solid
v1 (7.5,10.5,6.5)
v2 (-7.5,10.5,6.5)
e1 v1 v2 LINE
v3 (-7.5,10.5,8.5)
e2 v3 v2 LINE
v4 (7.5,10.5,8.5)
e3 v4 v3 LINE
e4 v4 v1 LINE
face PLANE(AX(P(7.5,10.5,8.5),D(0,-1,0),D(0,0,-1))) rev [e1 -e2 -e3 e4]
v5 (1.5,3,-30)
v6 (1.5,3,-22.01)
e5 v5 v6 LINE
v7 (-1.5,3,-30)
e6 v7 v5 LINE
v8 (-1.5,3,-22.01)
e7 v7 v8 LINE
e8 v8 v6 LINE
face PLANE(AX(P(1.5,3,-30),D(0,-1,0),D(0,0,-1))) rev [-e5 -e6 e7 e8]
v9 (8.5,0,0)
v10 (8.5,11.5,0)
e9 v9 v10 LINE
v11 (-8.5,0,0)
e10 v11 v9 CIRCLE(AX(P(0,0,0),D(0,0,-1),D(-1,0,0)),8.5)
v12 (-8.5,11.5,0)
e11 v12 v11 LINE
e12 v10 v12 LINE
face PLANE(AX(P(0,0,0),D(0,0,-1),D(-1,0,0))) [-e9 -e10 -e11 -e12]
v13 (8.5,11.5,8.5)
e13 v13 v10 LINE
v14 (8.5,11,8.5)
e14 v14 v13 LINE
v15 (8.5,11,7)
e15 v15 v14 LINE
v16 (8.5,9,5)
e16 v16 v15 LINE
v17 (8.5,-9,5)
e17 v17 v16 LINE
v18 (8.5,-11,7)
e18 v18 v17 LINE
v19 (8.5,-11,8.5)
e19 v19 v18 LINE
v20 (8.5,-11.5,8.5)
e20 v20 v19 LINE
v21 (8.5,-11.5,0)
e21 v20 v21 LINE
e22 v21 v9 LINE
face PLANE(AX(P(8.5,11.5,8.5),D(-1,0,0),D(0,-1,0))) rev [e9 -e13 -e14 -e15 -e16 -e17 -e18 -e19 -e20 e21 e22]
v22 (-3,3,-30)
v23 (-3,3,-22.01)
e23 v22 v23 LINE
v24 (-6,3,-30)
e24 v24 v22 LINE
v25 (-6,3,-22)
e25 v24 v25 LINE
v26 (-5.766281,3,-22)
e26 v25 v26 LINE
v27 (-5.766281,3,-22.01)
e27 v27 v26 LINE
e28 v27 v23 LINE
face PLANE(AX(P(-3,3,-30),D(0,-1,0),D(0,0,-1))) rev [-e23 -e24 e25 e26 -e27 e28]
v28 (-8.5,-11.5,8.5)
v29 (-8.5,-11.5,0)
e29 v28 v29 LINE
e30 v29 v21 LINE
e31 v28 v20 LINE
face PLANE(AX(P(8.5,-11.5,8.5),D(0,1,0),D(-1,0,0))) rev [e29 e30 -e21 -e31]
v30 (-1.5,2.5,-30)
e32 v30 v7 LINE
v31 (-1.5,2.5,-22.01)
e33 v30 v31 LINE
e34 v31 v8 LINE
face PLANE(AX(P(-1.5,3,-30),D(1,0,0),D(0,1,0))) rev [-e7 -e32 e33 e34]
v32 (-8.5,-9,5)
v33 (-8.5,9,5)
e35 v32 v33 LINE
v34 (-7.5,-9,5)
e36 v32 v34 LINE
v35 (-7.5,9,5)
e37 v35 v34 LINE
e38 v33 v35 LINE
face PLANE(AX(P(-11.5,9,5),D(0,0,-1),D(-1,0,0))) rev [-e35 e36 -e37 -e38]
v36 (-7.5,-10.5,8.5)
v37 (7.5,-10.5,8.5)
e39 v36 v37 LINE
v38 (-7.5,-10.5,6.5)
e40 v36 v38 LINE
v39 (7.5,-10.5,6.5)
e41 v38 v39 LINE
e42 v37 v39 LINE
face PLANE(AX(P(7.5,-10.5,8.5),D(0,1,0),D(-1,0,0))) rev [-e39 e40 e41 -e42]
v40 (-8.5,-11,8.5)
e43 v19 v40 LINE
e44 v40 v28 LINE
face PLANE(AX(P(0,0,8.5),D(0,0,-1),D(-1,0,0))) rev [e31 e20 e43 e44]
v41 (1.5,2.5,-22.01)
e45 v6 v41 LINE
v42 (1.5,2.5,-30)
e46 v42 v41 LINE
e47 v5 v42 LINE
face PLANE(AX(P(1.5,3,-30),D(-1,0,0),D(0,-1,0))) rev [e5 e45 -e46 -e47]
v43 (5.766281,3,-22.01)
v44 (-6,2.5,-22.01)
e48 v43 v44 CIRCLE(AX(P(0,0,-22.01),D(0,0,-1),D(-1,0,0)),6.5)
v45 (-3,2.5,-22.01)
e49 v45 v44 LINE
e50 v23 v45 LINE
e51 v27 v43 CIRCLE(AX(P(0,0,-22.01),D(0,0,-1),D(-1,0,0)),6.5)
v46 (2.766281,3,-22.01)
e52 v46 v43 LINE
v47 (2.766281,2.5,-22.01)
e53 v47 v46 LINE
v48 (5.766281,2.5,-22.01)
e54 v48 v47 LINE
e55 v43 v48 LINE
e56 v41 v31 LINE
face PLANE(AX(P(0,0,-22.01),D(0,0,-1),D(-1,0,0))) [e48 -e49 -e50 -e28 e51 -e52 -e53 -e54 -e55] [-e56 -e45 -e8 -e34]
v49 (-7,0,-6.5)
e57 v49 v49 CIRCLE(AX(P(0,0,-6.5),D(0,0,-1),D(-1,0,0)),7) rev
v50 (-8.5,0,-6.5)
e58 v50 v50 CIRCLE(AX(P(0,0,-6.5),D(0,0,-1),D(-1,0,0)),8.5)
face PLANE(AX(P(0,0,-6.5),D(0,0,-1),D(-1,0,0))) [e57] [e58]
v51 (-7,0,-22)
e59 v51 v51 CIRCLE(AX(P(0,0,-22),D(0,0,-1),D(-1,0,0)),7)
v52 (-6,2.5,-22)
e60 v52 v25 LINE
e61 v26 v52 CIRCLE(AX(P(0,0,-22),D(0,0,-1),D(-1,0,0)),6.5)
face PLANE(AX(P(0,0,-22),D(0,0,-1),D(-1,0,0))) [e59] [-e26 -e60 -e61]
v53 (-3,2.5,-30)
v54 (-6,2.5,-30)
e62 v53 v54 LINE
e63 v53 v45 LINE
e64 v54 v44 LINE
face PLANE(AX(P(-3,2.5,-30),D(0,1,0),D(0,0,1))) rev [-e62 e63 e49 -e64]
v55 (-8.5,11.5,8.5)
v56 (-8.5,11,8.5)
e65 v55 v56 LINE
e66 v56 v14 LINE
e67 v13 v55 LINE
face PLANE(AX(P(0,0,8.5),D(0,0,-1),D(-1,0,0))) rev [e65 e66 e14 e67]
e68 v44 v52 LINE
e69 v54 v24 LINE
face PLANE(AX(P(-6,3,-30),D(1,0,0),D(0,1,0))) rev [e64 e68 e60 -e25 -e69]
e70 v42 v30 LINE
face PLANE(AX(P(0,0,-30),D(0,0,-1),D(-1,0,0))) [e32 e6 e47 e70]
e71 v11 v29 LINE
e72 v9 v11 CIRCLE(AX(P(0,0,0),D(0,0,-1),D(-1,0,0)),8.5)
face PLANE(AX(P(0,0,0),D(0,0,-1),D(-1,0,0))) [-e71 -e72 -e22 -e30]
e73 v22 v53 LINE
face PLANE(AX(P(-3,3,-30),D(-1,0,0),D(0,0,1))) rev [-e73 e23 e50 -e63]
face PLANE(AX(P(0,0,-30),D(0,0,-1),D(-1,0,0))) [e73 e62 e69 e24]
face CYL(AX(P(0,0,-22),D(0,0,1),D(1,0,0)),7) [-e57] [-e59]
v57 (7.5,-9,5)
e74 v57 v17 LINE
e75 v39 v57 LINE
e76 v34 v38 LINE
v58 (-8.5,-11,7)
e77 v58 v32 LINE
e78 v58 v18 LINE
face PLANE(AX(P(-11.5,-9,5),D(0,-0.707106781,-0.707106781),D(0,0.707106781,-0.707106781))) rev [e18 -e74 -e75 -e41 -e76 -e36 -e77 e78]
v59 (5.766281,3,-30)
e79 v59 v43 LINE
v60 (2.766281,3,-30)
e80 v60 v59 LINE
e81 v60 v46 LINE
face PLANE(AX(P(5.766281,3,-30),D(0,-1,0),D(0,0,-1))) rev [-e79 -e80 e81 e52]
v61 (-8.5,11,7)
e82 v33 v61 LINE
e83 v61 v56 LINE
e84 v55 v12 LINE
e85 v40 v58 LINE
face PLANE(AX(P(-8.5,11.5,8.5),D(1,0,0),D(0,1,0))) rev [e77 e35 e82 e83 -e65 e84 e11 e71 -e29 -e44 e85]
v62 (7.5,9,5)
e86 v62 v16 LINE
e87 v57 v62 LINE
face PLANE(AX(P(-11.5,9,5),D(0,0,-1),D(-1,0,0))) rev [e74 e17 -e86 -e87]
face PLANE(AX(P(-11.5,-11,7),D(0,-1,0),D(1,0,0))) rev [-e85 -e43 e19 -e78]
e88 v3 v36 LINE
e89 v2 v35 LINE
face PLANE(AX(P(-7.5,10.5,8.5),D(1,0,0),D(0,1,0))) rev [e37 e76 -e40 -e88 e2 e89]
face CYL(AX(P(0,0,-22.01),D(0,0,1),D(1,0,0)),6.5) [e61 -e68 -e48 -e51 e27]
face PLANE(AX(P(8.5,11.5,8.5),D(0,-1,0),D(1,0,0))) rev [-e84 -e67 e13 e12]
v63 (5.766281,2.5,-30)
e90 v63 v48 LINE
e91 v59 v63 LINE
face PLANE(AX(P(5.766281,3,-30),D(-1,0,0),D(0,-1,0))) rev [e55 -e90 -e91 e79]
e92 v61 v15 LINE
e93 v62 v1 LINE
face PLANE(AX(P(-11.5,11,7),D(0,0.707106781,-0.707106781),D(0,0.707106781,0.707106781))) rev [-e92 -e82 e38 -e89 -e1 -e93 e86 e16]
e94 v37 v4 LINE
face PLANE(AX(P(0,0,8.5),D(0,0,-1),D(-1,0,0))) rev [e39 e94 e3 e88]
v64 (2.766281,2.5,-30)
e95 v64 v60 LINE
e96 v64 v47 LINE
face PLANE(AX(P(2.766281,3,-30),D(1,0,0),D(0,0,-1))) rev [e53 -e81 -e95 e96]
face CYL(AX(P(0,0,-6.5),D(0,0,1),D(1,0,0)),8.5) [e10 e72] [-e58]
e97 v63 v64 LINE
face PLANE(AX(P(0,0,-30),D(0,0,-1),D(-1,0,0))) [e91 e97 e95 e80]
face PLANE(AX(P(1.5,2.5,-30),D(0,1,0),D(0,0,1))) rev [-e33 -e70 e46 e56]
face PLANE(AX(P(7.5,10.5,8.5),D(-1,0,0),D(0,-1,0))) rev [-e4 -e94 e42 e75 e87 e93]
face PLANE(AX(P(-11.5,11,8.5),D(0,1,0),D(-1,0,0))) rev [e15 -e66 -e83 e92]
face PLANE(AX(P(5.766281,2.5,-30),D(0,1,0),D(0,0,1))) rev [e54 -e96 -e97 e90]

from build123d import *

# Parameters (mm, degrees)
SKETCH_1_W          = 17
SKETCH_1_H          = 23
EXTRUDE_1_DEPTH     = 8.5
CUT_EXTRUDE_1_DEPTH = 20
SKETCH_3_W          = 15
SKETCH_3_H          = 21
EXTRUDE_2_DEPTH     = 3.5
SKETCH_4_R          = 8.5
EXTRUDE_3_DEPTH     = 6.5
SKETCH_5_R          = 7
EXTRUDE_4_DEPTH     = 22
SKETCH_6_W          = 3
SKETCH_6_H          = 0.5
EXTRUDE_5_DEPTH     = 8
SKETCH_7_R          = 6.5
EXTRUDE_6_DEPTH     = 0.01


with BuildPart() as part:
    # ｽｹｯﾁ1 → ﾎﾞｽ - 押し出し1 (new body)
    with BuildSketch(Plane.XY):
        Rectangle(SKETCH_1_W, SKETCH_1_H)
    extrude(amount=EXTRUDE_1_DEPTH)

    # ｽｹｯﾁ2 → ｶｯﾄ - 押し出し1 (cut)
    with BuildSketch(Plane(origin=(8.5, 0, 0), x_dir=(0, 0, -1), z_dir=(1, 0, 0))):
        Polygon((-8.5, 11), (-7, 11), (-5, 9), (-5, -9), (-7, -11), (-8.5, -11), align=None)
    extrude(amount=-CUT_EXTRUDE_1_DEPTH, mode=Mode.SUBTRACT)

    # ｽｹｯﾁ3 → ﾎﾞｽ - 押し出し2 (add)
    with BuildSketch(Plane.XY.offset(5)):
        Rectangle(SKETCH_3_W, SKETCH_3_H)
    extrude(amount=EXTRUDE_2_DEPTH)

    # ｽｹｯﾁ4 → ﾎﾞｽ - 押し出し3 (add)
    with BuildSketch(Plane(origin=(0, 0, 0), x_dir=(-1, 0, 0), z_dir=(0, 0, -1))):
        Circle(SKETCH_4_R)
    extrude(amount=EXTRUDE_3_DEPTH)

    # ｽｹｯﾁ5 → ﾎﾞｽ - 押し出し4 (add)
    with BuildSketch(Plane(origin=(0, 0, 0), x_dir=(-1, 0, 0), z_dir=(0, 0, -1))):
        Circle(SKETCH_5_R)
    extrude(amount=EXTRUDE_4_DEPTH)

    # ｽｹｯﾁ6 → ﾎﾞｽ - 押し出し5 (add)
    with BuildSketch(Plane(origin=(0, 0, -22), x_dir=(-1, 0, 0), z_dir=(0, 0, -1))):
        with Locations((-4.266281297, 2.75)):
            Rectangle(SKETCH_6_W, SKETCH_6_H)
        with Locations((0, 2.75)):
            Rectangle(SKETCH_6_W, SKETCH_6_H)
        with Locations((4.5, 2.75)):
            Rectangle(SKETCH_6_W, SKETCH_6_H)
    extrude(amount=EXTRUDE_5_DEPTH)

    # ｽｹｯﾁ7 → ﾎﾞｽ - 押し出し6 (add)
    with BuildSketch(Plane(origin=(0, 0, -22), x_dir=(-1, 0, 0), z_dir=(0, 0, -1))):
        Circle(SKETCH_7_R)
    extrude(amount=EXTRUDE_6_DEPTH)


solid = part.part
